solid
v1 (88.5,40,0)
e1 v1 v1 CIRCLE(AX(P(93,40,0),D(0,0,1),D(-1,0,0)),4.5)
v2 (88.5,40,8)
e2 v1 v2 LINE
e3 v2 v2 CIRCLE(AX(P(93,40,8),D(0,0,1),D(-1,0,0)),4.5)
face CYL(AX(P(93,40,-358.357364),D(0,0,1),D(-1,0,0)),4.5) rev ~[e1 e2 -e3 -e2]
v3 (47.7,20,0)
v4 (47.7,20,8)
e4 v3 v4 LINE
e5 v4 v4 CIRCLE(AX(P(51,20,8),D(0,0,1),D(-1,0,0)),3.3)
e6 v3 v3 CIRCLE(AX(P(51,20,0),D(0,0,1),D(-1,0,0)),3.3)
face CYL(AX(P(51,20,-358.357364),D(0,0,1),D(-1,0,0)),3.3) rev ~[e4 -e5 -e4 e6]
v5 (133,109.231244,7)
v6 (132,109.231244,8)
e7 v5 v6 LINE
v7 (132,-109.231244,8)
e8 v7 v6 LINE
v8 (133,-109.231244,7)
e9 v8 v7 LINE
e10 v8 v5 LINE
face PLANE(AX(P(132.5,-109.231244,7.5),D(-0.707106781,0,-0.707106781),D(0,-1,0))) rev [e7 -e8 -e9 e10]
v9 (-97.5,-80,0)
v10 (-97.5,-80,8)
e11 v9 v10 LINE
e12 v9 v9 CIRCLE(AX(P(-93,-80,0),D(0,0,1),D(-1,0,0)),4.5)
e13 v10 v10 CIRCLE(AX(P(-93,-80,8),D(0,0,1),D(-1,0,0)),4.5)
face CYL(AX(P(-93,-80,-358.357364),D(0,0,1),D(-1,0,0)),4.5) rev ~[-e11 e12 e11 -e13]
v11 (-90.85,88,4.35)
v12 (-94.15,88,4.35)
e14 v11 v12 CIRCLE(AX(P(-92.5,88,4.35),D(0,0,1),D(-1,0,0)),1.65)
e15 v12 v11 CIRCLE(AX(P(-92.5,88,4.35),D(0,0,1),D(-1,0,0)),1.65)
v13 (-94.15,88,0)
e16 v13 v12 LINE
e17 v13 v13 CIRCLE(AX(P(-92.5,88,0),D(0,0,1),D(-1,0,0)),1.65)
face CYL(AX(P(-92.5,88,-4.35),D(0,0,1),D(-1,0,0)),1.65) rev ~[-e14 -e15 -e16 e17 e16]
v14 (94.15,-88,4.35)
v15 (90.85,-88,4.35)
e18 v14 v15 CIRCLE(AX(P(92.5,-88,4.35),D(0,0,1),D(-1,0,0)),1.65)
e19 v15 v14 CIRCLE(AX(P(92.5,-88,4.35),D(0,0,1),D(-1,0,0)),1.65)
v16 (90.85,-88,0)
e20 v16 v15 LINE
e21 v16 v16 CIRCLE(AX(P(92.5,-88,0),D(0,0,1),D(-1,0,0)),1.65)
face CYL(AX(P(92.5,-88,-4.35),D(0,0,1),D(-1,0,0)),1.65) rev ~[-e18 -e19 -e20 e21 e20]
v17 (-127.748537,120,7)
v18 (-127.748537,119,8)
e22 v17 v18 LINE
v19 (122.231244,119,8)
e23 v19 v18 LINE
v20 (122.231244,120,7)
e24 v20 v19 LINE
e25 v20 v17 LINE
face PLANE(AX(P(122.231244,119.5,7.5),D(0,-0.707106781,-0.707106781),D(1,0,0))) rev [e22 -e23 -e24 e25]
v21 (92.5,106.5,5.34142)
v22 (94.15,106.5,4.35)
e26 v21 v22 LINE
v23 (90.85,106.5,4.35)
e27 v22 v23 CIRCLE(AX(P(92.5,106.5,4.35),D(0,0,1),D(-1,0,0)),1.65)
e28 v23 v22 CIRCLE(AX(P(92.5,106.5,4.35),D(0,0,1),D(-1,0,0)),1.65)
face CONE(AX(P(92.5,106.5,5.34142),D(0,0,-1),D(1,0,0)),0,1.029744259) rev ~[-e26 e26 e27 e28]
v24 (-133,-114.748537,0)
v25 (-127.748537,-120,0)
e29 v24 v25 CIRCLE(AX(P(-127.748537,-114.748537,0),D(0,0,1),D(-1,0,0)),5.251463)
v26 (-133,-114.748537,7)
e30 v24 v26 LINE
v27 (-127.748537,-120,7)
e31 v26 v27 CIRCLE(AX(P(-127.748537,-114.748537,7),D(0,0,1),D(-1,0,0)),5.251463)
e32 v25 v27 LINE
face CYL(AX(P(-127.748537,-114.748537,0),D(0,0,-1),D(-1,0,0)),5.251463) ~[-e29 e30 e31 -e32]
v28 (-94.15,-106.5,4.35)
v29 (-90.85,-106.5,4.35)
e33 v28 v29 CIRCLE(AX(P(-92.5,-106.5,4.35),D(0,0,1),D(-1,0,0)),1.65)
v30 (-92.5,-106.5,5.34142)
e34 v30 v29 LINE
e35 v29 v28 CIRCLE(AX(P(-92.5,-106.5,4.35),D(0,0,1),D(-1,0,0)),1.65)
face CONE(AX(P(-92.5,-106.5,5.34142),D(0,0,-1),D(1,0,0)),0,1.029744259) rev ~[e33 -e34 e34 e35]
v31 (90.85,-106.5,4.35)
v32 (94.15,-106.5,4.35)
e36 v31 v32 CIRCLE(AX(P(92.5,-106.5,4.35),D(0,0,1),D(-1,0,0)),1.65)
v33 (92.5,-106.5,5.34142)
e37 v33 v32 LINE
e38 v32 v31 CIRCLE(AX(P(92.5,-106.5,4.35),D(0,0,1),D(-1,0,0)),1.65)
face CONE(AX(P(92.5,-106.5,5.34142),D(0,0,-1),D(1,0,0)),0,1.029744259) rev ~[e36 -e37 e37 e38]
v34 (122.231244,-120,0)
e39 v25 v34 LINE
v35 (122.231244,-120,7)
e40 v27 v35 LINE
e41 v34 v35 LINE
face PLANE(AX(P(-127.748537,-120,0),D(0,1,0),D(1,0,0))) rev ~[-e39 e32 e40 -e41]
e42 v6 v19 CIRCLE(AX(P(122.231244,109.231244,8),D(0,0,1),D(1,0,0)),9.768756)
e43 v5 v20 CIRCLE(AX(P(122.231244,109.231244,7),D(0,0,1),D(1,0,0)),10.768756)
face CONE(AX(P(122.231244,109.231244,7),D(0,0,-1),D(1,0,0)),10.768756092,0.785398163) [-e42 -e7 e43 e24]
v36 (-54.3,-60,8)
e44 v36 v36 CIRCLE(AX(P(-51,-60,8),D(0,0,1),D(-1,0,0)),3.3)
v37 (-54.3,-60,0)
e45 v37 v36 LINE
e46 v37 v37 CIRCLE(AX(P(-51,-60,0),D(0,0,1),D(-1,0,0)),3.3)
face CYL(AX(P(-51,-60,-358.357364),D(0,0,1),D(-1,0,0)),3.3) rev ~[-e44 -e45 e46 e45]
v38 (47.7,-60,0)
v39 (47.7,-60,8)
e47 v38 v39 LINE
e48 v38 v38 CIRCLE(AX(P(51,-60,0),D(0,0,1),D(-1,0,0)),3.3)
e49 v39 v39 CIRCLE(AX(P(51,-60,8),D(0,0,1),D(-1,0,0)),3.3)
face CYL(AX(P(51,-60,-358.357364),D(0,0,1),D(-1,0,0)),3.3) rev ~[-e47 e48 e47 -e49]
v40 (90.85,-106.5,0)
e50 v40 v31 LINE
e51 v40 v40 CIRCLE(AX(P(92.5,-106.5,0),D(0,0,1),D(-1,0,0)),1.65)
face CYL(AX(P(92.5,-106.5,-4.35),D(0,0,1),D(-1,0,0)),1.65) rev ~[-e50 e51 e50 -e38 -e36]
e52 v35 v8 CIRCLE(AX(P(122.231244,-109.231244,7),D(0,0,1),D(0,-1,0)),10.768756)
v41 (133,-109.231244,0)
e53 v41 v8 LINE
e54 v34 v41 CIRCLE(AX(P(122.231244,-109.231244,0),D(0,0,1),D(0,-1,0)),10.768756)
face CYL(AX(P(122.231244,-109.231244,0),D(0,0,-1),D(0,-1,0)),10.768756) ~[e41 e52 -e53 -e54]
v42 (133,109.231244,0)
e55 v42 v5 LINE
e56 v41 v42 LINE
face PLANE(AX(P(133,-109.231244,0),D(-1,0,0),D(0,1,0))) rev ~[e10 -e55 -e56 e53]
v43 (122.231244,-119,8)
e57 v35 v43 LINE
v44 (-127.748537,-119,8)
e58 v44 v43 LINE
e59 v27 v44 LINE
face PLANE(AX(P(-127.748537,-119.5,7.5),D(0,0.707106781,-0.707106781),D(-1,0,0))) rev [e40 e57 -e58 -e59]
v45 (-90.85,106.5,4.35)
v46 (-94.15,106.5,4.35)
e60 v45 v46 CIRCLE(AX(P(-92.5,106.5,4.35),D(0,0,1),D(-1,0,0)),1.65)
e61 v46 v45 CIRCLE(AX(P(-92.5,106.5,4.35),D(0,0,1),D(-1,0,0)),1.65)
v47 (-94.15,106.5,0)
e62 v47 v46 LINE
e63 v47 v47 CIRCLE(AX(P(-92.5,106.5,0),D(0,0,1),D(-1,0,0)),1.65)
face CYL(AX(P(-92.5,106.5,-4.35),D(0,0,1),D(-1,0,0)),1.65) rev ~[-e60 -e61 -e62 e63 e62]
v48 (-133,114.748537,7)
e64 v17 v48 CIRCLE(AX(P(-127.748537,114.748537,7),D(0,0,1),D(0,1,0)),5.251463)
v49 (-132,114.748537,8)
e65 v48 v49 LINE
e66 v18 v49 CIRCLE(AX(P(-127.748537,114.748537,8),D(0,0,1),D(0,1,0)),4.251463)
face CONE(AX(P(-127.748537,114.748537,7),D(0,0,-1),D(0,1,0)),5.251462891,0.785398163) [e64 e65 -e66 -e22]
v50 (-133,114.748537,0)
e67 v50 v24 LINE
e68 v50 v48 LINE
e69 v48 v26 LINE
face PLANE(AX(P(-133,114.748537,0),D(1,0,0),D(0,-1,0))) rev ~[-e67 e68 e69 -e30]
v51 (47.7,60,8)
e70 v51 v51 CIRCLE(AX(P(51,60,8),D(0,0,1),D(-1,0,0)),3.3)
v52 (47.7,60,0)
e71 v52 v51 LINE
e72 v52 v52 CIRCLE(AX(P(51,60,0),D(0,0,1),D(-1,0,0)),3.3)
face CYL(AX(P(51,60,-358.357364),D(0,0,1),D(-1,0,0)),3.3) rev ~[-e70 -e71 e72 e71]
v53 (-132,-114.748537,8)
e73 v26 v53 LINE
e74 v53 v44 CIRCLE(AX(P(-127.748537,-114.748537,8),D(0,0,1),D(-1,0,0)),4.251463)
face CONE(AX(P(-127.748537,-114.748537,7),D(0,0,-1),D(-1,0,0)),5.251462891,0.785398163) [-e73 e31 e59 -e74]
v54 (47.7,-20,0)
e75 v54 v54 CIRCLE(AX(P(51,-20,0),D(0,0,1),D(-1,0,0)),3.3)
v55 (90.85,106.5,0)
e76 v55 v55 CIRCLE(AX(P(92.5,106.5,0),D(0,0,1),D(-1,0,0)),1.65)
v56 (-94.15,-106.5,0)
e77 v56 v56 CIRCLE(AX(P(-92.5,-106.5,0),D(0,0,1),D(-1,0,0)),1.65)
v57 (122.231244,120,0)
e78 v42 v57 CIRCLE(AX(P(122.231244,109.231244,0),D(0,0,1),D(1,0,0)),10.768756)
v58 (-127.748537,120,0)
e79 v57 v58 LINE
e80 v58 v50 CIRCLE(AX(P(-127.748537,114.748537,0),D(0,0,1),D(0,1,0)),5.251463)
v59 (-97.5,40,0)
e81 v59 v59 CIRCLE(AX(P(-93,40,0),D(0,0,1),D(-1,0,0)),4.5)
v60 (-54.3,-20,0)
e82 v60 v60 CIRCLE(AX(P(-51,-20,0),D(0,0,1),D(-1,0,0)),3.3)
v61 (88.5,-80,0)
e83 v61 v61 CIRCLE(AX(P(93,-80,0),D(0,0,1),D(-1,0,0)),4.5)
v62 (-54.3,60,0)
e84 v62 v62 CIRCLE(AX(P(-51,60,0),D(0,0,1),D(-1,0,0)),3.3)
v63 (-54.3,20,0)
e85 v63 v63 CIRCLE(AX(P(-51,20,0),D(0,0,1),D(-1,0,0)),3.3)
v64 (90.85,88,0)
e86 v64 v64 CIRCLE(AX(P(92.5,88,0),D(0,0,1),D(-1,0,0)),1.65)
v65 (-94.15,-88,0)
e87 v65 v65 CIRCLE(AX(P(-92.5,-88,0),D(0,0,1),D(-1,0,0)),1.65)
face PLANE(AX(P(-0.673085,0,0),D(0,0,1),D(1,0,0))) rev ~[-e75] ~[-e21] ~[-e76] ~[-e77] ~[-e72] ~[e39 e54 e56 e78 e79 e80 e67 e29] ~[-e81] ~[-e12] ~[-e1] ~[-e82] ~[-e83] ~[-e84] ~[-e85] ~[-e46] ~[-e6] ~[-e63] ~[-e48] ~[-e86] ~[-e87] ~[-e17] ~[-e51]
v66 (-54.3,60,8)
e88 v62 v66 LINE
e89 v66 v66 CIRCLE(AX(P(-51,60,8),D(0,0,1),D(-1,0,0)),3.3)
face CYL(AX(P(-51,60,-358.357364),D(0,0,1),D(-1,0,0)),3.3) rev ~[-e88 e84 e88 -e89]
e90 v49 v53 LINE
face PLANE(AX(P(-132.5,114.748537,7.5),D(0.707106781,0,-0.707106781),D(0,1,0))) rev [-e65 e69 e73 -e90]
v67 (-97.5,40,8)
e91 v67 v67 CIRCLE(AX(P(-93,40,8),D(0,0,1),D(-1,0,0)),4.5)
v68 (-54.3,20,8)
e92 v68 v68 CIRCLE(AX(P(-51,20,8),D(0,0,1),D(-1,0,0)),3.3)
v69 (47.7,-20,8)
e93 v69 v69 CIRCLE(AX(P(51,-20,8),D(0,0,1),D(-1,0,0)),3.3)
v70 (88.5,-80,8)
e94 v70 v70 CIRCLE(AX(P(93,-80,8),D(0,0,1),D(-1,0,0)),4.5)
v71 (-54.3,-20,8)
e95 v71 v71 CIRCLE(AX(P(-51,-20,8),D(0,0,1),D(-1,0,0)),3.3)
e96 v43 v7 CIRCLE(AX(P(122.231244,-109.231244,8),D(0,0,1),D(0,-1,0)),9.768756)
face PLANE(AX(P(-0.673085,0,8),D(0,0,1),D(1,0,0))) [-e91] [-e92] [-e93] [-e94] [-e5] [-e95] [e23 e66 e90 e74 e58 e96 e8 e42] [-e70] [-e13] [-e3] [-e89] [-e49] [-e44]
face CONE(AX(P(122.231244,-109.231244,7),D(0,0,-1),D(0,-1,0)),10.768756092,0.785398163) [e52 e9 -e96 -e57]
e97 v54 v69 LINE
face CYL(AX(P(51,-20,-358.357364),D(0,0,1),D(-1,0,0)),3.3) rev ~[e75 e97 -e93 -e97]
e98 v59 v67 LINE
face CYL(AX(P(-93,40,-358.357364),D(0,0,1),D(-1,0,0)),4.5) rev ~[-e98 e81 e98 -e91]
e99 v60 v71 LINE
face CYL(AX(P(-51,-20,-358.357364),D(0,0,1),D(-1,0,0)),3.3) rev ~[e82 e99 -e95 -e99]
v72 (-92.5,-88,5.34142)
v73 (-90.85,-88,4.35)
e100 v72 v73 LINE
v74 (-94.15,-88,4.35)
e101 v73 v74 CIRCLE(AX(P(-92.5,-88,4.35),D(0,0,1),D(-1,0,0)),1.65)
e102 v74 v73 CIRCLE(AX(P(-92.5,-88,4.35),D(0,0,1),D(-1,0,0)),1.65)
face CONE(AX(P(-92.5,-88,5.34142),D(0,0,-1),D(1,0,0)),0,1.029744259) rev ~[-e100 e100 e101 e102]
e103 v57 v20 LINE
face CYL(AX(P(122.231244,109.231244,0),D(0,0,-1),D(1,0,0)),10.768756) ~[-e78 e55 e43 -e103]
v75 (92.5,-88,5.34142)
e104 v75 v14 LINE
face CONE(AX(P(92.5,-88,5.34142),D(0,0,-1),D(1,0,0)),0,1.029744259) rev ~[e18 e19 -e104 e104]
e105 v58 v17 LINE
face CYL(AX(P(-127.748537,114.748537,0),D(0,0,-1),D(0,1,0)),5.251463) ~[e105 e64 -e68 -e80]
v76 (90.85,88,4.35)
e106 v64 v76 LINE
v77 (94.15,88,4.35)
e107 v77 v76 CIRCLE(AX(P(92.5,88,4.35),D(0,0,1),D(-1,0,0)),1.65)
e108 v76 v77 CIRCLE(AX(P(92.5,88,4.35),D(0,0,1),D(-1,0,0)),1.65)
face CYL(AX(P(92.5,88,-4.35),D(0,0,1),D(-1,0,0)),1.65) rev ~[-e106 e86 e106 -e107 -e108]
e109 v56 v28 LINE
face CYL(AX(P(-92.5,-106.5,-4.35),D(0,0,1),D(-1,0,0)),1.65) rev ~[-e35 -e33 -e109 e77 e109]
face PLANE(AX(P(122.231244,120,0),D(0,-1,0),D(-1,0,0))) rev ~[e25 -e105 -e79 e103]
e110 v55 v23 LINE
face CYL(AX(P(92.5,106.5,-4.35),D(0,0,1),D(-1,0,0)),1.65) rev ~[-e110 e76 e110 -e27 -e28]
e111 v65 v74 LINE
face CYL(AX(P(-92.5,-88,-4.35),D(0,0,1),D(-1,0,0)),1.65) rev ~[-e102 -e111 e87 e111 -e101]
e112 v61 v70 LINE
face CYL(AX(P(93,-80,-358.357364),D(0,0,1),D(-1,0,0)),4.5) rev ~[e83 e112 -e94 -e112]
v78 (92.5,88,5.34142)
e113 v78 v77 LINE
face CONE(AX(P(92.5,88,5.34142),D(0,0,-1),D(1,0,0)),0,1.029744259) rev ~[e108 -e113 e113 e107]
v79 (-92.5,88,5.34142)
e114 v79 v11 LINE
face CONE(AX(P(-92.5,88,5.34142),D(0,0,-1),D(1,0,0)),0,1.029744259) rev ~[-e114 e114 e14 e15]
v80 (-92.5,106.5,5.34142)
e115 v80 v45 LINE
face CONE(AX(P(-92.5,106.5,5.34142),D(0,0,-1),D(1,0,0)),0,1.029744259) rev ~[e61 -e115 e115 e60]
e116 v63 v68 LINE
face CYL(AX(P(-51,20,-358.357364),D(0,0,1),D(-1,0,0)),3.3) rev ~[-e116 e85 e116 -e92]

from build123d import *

# Parameters (mm, degrees)
F1_DEPTH = 8
F2_SIZE  = 1
F3_D     = 6.6
F4_D     = 9
F5_D     = 3.3
F5_DEPTH = 4.35
F5_TIP   = 0.9914200214


with BuildPart() as f1:
    # F0 (on Top) → F1 (new body)
    with BuildSketch(Plane.XY):
        with BuildLine():
            Line((-127.7485371086, -120), (122.231243908, -120))
            ThreePointArc((122.231243908, -120), (129.8459043656, -116.8459043656), (133, -109.231243908))
            Line((133, -109.231243908), (133, 109.231243908))
            ThreePointArc((133, 109.231243908), (129.8459043656, 116.8459043656), (122.231243908, 120))
            Line((122.231243908, 120), (-127.7485371086, 120))
            ThreePointArc((-127.7485371086, 120), (-131.4618821303, 118.4618821303), (-133, 114.7485371086))
            Line((-133, 114.7485371086), (-133, -114.7485371086))
            ThreePointArc((-133, -114.7485371086), (-131.4618821303, -118.4618821303), (-127.7485371086, -120))
        make_face()
    extrude(amount=F1_DEPTH)

    # F2
    f2_edges = [f1.edges().sort_by_distance(p)[0] for p in [
        (-2.758647, -120, 8),
        (129.845904, -116.845904, 8),
        (133, 0, 8),
        (129.845904, 116.845904, 8),
        (-2.758647, 120, 8),
        (-131.461882, 118.461882, 8),
        (-133, 0, 8),
        (-131.461882, -118.461882, 8),
    ]]
    chamfer(f2_edges, length=F2_SIZE)

    # F3 (through all)
    with Locations(Plane(origin=(0, 0, 0), x_dir=(1, 0, 0), z_dir=(0, 0, -1))):
        with Locations((-51, 60), (-51, 20), (-51, -20), (-51, -60), (51, -60), (51, -20), (51, 20), (51, 60)):
            Hole(F3_D / 2)

    # F4 (through all)
    with Locations(Plane(origin=(0, 0, 0), x_dir=(1, 0, 0), z_dir=(0, 0, -1))):
        with Locations((-93, 80), (-93, -40), (93, -40), (93, 80)):
            Hole(F4_D / 2)

    # F5
    with Locations(Plane(origin=(0, 0, 0), x_dir=(1, 0, 0), z_dir=(0, 0, -1))):
        with Locations((-92.5, 88), (-92.5, 106.5), (92.5, 88), (92.5, 106.5), (92.5, -88), (92.5, -106.5), (-92.5, -88), (-92.5, -106.5)):
            Hole(F5_D / 2, depth=F5_DEPTH)
            with Locations((0, 0, -(F5_DEPTH + F5_TIP / 2))):  # 118° drill point
                Cone(0, F5_D / 2, F5_TIP, mode=Mode.SUBTRACT)


solid = f1.part
